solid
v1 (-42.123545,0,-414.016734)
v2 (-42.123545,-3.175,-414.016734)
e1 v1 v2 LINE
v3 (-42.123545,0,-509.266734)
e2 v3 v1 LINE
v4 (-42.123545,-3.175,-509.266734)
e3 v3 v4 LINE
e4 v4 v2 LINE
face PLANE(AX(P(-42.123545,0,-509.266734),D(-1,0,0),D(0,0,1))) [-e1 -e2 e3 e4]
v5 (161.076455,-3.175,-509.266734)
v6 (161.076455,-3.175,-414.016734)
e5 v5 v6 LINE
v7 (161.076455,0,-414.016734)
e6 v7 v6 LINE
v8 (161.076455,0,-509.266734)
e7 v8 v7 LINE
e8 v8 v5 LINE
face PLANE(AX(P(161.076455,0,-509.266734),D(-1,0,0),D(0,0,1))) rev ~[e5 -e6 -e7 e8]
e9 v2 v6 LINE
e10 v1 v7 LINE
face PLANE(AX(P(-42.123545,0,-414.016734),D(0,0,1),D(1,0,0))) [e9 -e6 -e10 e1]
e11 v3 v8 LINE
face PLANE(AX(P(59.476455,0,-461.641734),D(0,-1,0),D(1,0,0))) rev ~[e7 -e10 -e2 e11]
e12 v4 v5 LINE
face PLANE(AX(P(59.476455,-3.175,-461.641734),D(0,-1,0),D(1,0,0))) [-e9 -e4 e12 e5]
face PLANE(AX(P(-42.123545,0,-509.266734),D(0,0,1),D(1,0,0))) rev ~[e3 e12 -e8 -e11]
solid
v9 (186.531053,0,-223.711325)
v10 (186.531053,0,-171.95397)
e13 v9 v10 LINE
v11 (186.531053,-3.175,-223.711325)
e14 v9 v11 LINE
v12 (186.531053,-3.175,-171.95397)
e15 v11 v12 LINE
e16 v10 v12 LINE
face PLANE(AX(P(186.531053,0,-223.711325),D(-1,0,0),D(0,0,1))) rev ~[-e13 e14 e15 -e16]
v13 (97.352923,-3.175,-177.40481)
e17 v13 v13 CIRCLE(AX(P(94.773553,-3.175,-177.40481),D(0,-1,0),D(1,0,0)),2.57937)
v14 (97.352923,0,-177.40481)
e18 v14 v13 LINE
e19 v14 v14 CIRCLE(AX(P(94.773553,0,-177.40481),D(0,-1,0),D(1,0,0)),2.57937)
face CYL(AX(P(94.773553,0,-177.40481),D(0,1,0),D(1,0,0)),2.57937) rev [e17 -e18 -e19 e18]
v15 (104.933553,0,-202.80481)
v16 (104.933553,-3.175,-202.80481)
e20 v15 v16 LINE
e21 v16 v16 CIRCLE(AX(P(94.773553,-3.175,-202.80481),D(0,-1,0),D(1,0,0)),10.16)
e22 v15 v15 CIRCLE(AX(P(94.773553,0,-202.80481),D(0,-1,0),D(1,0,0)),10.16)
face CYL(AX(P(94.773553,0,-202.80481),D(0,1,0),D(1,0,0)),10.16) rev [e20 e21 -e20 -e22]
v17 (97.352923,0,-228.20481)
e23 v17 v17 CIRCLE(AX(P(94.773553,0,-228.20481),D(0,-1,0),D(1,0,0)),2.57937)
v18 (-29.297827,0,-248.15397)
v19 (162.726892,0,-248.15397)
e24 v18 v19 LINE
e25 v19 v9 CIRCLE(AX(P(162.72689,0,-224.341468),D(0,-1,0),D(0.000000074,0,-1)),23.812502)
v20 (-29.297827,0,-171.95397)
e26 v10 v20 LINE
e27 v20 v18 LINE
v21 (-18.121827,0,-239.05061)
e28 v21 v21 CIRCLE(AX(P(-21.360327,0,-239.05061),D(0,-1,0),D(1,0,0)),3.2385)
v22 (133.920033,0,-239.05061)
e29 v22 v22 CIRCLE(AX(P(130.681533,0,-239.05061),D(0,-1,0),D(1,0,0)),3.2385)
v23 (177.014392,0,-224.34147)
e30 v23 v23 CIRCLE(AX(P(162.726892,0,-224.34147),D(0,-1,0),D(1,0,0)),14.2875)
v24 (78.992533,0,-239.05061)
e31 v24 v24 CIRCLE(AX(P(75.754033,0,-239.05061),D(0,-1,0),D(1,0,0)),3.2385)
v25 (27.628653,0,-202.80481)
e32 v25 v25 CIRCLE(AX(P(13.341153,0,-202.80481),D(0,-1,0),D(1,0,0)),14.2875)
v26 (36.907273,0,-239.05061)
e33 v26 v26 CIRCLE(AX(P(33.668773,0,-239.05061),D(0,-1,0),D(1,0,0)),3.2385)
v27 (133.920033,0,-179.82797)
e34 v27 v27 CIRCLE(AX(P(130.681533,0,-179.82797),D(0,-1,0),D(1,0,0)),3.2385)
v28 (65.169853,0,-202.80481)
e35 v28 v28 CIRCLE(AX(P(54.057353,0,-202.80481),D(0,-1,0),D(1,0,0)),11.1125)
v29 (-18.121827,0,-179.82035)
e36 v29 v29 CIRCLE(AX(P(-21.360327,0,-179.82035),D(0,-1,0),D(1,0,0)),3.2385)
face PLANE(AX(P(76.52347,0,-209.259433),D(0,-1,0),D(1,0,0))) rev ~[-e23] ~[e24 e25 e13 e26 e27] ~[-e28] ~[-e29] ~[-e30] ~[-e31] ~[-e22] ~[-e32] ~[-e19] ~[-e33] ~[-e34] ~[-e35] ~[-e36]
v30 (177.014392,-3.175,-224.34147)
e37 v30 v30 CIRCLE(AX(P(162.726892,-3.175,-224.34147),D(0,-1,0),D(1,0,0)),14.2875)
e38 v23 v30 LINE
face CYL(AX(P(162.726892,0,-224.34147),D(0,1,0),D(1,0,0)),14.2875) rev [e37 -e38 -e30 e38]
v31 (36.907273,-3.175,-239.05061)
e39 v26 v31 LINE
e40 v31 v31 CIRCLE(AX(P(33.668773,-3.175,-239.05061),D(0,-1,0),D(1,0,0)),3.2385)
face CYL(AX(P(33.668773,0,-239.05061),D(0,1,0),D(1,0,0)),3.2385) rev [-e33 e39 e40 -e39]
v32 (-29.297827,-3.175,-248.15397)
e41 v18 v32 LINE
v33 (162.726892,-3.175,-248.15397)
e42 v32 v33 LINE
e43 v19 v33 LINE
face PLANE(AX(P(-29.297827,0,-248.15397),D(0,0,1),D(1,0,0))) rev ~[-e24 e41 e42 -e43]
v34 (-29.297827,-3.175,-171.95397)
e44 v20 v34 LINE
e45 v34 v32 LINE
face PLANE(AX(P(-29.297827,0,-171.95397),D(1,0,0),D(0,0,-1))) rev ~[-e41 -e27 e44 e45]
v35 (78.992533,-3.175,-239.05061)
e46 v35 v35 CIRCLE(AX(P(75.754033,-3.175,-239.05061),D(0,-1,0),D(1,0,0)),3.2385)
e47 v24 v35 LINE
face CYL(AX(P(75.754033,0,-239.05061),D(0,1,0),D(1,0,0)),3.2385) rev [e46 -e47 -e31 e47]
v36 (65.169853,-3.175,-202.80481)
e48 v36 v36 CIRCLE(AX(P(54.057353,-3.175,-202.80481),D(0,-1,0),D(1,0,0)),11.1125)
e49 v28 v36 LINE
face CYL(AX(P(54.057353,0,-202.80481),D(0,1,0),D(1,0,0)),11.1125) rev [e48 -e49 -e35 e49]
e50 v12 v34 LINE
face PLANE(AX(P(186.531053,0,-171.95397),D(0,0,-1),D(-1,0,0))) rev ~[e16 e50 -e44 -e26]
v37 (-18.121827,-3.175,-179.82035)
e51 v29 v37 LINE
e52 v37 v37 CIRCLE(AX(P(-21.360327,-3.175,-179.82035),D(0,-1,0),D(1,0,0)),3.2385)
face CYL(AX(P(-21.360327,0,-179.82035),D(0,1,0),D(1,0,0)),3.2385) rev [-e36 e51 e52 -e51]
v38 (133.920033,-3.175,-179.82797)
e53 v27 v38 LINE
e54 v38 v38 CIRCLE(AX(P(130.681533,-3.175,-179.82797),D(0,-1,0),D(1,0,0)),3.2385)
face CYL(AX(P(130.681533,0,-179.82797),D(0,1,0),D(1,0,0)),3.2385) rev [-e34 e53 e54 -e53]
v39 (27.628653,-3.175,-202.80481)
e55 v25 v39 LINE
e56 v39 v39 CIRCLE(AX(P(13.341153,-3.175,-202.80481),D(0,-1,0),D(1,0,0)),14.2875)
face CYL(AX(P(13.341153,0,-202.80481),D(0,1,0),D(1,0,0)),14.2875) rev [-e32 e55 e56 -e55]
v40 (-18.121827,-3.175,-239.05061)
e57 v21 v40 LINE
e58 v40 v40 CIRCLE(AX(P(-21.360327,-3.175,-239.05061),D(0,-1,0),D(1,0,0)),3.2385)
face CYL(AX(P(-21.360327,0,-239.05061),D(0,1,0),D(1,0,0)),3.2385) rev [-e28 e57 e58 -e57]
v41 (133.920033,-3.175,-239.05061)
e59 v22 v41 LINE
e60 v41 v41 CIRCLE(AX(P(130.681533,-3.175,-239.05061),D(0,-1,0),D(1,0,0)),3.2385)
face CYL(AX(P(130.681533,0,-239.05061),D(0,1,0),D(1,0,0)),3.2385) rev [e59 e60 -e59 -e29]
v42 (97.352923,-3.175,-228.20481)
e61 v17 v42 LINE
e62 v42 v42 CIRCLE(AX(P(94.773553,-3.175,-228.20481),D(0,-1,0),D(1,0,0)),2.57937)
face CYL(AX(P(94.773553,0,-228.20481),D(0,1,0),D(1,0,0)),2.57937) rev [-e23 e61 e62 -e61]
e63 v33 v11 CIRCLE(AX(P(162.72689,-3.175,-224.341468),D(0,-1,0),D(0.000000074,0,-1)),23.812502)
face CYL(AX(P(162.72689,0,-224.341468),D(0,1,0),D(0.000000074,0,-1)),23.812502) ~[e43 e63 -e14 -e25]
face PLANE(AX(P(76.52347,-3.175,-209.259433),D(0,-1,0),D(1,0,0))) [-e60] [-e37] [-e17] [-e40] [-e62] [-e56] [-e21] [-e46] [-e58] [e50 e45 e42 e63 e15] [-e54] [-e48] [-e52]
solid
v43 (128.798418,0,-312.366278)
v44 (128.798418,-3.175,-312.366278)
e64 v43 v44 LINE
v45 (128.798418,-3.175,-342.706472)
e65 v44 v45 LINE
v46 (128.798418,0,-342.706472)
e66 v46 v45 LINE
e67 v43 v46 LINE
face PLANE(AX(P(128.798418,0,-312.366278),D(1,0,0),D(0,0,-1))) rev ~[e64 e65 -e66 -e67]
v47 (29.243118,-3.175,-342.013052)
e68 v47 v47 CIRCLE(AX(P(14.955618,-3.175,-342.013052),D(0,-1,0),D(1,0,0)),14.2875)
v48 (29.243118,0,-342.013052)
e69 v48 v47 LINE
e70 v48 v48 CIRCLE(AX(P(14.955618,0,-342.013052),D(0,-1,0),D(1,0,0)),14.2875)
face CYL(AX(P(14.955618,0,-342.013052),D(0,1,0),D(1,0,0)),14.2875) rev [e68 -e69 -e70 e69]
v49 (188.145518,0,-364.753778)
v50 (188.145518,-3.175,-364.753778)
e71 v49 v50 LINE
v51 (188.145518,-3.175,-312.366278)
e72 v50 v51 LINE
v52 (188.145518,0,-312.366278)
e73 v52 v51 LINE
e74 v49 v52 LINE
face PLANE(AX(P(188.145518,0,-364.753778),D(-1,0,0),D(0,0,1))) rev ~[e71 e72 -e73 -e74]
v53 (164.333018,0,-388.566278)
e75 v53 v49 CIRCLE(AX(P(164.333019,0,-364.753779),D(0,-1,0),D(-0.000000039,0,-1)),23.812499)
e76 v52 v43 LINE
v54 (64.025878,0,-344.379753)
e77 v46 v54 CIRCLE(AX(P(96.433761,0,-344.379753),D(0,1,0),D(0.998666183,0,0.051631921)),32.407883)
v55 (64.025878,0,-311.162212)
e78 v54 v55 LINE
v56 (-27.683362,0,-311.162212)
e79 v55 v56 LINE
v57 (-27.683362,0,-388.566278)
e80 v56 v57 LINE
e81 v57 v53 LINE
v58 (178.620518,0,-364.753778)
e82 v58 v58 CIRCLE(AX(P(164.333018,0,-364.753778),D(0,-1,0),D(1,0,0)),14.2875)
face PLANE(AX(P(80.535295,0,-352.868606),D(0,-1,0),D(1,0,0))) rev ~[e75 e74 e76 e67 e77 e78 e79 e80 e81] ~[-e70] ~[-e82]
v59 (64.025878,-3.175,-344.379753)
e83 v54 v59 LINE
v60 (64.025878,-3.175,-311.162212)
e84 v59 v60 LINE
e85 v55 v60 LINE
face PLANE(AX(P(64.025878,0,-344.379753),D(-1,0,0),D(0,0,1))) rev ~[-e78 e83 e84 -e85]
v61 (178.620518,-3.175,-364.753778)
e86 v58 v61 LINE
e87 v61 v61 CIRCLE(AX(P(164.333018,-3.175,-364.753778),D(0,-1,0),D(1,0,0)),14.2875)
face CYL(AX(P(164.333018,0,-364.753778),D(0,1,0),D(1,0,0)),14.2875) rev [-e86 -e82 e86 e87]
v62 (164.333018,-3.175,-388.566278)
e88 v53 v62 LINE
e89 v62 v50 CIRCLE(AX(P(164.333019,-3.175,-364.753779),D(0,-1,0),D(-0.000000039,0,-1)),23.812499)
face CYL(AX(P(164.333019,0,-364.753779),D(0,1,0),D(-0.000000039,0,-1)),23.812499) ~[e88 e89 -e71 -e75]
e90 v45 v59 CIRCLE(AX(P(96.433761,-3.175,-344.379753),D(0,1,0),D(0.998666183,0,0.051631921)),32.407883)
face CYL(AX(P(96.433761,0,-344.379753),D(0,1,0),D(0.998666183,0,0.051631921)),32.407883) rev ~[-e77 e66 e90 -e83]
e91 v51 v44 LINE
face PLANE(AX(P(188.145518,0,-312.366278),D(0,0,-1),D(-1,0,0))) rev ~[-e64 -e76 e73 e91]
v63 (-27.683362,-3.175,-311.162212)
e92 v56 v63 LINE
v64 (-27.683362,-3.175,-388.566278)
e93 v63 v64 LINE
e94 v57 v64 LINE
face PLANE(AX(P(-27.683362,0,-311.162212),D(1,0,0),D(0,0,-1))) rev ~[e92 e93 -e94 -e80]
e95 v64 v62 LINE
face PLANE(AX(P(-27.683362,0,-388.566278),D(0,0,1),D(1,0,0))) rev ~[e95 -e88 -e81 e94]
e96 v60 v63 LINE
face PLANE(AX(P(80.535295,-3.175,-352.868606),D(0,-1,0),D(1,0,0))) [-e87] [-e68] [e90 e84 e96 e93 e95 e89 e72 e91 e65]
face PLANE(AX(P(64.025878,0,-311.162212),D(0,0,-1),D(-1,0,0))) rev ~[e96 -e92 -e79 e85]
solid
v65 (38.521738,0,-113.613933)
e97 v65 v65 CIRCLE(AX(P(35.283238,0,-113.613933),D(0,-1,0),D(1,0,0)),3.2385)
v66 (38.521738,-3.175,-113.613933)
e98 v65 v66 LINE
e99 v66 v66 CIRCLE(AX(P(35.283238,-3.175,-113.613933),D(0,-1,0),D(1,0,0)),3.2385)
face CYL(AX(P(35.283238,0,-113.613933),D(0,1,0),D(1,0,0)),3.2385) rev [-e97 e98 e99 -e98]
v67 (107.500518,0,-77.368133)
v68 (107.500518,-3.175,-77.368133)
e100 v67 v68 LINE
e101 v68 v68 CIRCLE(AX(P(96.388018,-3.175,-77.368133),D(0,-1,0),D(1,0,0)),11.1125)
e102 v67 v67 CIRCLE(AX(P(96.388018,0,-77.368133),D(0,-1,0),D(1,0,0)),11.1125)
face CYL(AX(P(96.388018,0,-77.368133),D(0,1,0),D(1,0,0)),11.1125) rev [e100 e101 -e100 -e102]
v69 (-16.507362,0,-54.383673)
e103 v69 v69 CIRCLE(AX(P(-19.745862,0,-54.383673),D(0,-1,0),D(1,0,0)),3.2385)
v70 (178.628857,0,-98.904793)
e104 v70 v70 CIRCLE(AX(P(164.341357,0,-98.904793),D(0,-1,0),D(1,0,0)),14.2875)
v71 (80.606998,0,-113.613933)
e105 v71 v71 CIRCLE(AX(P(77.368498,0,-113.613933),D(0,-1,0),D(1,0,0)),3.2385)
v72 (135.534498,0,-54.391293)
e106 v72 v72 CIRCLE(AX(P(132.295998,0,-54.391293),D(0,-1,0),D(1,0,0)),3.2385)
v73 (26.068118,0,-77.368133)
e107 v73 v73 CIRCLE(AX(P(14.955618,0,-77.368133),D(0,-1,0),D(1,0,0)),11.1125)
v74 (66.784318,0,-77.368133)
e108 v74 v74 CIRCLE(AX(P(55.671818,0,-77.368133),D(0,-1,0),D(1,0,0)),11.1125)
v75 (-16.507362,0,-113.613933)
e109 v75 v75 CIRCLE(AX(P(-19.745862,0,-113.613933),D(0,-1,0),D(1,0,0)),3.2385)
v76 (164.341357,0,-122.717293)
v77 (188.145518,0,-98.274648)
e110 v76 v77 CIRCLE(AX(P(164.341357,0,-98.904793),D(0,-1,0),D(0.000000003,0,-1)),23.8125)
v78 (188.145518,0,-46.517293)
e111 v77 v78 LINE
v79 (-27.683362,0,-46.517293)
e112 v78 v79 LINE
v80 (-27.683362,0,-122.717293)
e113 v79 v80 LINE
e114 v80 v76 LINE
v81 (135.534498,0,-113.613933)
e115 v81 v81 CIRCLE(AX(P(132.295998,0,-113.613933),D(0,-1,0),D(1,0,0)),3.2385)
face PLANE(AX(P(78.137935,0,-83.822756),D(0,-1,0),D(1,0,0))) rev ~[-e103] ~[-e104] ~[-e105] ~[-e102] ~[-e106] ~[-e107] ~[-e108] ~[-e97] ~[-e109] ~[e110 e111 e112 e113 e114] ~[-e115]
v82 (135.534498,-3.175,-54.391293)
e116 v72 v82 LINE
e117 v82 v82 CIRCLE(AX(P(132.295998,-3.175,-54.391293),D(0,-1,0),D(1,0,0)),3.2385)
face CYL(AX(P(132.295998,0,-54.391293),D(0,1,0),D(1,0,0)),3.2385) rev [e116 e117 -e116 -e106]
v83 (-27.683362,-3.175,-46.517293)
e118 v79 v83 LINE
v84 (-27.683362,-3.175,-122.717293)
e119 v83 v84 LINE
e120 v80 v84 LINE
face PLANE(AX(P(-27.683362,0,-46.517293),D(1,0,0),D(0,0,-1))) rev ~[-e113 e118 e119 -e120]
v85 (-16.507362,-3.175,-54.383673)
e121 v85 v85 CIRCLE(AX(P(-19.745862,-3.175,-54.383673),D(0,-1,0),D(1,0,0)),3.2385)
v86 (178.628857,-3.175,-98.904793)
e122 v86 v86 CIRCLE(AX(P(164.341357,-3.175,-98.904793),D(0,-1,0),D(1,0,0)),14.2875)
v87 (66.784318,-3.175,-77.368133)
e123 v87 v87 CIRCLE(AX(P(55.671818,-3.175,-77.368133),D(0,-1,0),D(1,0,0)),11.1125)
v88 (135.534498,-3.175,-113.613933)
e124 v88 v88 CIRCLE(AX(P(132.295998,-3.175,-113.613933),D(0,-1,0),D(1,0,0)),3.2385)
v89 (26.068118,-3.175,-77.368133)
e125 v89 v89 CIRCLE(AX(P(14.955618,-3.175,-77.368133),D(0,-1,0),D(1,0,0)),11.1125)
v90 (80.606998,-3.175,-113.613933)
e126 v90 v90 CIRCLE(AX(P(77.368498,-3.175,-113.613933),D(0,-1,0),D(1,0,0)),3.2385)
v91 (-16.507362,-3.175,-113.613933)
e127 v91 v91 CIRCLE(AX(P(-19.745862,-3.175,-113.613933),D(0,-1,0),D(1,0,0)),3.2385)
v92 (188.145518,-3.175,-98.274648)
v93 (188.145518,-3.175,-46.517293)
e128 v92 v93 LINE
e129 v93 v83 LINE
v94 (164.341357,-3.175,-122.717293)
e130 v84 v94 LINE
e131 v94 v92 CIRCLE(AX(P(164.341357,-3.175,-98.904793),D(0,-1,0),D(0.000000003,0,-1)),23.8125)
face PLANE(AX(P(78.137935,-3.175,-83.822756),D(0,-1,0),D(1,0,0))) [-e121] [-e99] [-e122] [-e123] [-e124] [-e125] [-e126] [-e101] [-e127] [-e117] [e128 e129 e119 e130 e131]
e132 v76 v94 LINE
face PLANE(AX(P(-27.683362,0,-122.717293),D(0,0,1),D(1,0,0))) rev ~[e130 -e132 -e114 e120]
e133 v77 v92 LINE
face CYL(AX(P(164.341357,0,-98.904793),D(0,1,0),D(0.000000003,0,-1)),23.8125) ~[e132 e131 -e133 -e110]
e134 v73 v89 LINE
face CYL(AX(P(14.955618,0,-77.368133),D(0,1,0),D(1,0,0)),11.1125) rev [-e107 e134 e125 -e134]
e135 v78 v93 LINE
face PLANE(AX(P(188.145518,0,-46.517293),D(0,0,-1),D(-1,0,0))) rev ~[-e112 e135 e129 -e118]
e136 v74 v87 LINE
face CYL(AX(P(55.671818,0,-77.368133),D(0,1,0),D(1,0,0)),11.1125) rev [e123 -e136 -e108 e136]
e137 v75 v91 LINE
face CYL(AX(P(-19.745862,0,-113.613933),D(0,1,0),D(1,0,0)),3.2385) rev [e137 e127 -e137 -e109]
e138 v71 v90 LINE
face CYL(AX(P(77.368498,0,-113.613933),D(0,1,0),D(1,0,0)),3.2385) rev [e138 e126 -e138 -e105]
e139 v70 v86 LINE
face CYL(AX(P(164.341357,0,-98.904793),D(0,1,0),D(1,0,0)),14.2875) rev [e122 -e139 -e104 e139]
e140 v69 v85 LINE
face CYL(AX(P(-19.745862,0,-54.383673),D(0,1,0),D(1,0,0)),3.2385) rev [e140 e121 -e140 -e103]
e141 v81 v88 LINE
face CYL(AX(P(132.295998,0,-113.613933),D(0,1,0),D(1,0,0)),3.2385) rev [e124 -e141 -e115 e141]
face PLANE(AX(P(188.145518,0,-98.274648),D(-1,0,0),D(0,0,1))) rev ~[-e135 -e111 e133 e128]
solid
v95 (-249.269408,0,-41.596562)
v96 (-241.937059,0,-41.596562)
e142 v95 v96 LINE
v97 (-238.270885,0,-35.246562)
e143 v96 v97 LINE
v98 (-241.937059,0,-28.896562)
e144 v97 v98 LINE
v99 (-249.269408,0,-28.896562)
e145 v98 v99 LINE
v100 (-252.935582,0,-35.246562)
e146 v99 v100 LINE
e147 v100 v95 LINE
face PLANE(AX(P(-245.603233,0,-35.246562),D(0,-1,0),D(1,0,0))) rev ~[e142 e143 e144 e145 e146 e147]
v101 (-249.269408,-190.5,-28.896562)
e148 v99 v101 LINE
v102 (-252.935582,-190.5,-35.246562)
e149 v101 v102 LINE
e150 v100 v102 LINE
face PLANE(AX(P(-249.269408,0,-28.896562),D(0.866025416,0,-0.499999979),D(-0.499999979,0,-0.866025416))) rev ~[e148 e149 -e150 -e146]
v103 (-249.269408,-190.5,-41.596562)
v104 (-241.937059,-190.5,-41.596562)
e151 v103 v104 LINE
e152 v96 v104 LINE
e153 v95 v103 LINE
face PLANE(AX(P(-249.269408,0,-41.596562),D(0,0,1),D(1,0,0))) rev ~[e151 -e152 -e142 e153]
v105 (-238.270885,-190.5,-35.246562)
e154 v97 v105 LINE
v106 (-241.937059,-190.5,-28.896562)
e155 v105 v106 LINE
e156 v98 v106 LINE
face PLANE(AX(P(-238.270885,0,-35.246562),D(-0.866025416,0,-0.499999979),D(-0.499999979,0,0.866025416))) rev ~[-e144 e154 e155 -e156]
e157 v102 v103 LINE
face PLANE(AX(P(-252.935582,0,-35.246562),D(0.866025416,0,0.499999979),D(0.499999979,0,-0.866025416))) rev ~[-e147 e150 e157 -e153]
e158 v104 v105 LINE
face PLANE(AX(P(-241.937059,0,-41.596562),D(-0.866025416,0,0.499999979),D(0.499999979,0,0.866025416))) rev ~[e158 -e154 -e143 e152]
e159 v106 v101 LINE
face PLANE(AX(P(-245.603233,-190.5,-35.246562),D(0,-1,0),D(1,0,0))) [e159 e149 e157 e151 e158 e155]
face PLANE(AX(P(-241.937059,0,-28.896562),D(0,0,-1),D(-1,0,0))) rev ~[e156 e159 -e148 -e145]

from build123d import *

# Parameters (mm, degrees)
F0_R     = 3.2385
F0_R_2   = 14.2875
F0_R_3   = 11.1125
F0_R_4   = 2.57937
F0_R_5   = 10.16
F0_W     = 203.2
F0_H     = 95.25
F1_DEPTH = 3.175
F2_DEPTH = 190.5


with BuildPart() as f1:
    # F0 (on Front) → F1 (new body)
    with BuildSketch(Plane.XZ):
        with BuildLine():
            Line((186.531053, -171.95397), (-29.297827, -171.95397))
            Line((-29.297827, -171.95397), (-29.297827, -248.15397))
            Line((-29.297827, -248.15397), (162.726892, -248.15397))
            ThreePointArc((162.726892, -248.15397), (179.786207, -240.955166), (186.531053, -223.711325))
            Line((186.531053, -223.711325), (186.531053, -171.95397))
        make_face()
        with Locations((-21.360327, -239.05061)):
            Circle(F0_R, mode=Mode.SUBTRACT)
        with Locations((33.668773, -239.05061)):
            Circle(F0_R, mode=Mode.SUBTRACT)
        with Locations((75.754033, -239.05061)):
            Circle(F0_R, mode=Mode.SUBTRACT)
        with Locations((-21.360327, -179.82035)):
            Circle(F0_R, mode=Mode.SUBTRACT)
        with Locations((13.341153, -202.80481)):
            Circle(F0_R_2, mode=Mode.SUBTRACT)
        with Locations((54.057353, -202.80481)):
            Circle(F0_R_3, mode=Mode.SUBTRACT)
        with Locations((94.773553, -228.20481)):
            Circle(F0_R_4, mode=Mode.SUBTRACT)
        with Locations((130.681533, -239.05061)):
            Circle(F0_R, mode=Mode.SUBTRACT)
        with Locations((162.726892, -224.34147)):
            Circle(F0_R_2, mode=Mode.SUBTRACT)
        with Locations((94.773553, -202.80481)):
            Circle(F0_R_5, mode=Mode.SUBTRACT)
        with Locations((130.681533, -179.82797)):
            Circle(F0_R, mode=Mode.SUBTRACT)
        with Locations((94.773553, -177.40481)):
            Circle(F0_R_4, mode=Mode.SUBTRACT)
        with Locations((59.476455, -461.641734)):
            Rectangle(F0_W, F0_H)
        with BuildLine():
            Line((188.145518, -46.517293), (-27.683362, -46.517293))
            Line((-27.683362, -46.517293), (-27.683362, -122.717293))
            Line((-27.683362, -122.717293), (164.341357, -122.717293))
            ThreePointArc((164.341357, -122.717293), (181.400673, -115.518489), (188.145518, -98.274648))
            Line((188.145518, -98.274648), (188.145518, -46.517293))
        make_face()
        with Locations((-19.745862, -113.613933)):
            Circle(F0_R, mode=Mode.SUBTRACT)
        with Locations((35.283238, -113.613933)):
            Circle(F0_R, mode=Mode.SUBTRACT)
        with Locations((77.368498, -113.613933)):
            Circle(F0_R, mode=Mode.SUBTRACT)
        with Locations((14.955618, -77.368133)):
            Circle(F0_R_3, mode=Mode.SUBTRACT)
        with Locations((-19.745862, -54.383673)):
            Circle(F0_R, mode=Mode.SUBTRACT)
        with Locations((55.671818, -77.368133)):
            Circle(F0_R_3, mode=Mode.SUBTRACT)
        with Locations((132.295998, -113.613933)):
            Circle(F0_R, mode=Mode.SUBTRACT)
        with Locations((164.341357, -98.904793)):
            Circle(F0_R_2, mode=Mode.SUBTRACT)
        with Locations((96.388018, -77.368133)):
            Circle(F0_R_3, mode=Mode.SUBTRACT)
        with Locations((132.295998, -54.391293)):
            Circle(F0_R, mode=Mode.SUBTRACT)
        with BuildLine():
            Line((-27.683362, -311.162212), (-27.683362, -388.566278))
            Line((-27.683362, -388.566278), (164.333018, -388.566278))
            ThreePointArc((164.333018, -388.566278), (181.170999, -381.591758), (188.145518, -364.753778))
            Line((188.145518, -364.753778), (188.145518, -312.366278))
            Line((188.145518, -312.366278), (128.798418, -312.366278))
            Line((128.798418, -312.366278), (128.798418, -342.706472))
            ThreePointArc((128.798418, -342.706472), (97.270681, -376.776828), (64.025878, -344.379753))
            Line((64.025878, -344.379753), (64.025878, -311.162212))
            Line((64.025878, -311.162212), (-27.683362, -311.162212))
        make_face()
        with Locations((14.955618, -342.013052)):
            Circle(F0_R_2, mode=Mode.SUBTRACT)
        with Locations((164.333018, -364.753778)):
            Circle(F0_R_2, mode=Mode.SUBTRACT)
    extrude(amount=F1_DEPTH)


with BuildPart() as f2:
    # F0 (on Front) → F2 (new body)
    with BuildSketch(Plane.XZ):
        Polygon((-249.269408, -41.596562), (-241.937059, -41.596562), (-238.270885, -35.246562), (-241.937059, -28.896562), (-249.269408, -28.896562), (-252.935582, -35.246562), align=None)
    extrude(amount=F2_DEPTH)


solid = Compound([f1.part, f2.part])
